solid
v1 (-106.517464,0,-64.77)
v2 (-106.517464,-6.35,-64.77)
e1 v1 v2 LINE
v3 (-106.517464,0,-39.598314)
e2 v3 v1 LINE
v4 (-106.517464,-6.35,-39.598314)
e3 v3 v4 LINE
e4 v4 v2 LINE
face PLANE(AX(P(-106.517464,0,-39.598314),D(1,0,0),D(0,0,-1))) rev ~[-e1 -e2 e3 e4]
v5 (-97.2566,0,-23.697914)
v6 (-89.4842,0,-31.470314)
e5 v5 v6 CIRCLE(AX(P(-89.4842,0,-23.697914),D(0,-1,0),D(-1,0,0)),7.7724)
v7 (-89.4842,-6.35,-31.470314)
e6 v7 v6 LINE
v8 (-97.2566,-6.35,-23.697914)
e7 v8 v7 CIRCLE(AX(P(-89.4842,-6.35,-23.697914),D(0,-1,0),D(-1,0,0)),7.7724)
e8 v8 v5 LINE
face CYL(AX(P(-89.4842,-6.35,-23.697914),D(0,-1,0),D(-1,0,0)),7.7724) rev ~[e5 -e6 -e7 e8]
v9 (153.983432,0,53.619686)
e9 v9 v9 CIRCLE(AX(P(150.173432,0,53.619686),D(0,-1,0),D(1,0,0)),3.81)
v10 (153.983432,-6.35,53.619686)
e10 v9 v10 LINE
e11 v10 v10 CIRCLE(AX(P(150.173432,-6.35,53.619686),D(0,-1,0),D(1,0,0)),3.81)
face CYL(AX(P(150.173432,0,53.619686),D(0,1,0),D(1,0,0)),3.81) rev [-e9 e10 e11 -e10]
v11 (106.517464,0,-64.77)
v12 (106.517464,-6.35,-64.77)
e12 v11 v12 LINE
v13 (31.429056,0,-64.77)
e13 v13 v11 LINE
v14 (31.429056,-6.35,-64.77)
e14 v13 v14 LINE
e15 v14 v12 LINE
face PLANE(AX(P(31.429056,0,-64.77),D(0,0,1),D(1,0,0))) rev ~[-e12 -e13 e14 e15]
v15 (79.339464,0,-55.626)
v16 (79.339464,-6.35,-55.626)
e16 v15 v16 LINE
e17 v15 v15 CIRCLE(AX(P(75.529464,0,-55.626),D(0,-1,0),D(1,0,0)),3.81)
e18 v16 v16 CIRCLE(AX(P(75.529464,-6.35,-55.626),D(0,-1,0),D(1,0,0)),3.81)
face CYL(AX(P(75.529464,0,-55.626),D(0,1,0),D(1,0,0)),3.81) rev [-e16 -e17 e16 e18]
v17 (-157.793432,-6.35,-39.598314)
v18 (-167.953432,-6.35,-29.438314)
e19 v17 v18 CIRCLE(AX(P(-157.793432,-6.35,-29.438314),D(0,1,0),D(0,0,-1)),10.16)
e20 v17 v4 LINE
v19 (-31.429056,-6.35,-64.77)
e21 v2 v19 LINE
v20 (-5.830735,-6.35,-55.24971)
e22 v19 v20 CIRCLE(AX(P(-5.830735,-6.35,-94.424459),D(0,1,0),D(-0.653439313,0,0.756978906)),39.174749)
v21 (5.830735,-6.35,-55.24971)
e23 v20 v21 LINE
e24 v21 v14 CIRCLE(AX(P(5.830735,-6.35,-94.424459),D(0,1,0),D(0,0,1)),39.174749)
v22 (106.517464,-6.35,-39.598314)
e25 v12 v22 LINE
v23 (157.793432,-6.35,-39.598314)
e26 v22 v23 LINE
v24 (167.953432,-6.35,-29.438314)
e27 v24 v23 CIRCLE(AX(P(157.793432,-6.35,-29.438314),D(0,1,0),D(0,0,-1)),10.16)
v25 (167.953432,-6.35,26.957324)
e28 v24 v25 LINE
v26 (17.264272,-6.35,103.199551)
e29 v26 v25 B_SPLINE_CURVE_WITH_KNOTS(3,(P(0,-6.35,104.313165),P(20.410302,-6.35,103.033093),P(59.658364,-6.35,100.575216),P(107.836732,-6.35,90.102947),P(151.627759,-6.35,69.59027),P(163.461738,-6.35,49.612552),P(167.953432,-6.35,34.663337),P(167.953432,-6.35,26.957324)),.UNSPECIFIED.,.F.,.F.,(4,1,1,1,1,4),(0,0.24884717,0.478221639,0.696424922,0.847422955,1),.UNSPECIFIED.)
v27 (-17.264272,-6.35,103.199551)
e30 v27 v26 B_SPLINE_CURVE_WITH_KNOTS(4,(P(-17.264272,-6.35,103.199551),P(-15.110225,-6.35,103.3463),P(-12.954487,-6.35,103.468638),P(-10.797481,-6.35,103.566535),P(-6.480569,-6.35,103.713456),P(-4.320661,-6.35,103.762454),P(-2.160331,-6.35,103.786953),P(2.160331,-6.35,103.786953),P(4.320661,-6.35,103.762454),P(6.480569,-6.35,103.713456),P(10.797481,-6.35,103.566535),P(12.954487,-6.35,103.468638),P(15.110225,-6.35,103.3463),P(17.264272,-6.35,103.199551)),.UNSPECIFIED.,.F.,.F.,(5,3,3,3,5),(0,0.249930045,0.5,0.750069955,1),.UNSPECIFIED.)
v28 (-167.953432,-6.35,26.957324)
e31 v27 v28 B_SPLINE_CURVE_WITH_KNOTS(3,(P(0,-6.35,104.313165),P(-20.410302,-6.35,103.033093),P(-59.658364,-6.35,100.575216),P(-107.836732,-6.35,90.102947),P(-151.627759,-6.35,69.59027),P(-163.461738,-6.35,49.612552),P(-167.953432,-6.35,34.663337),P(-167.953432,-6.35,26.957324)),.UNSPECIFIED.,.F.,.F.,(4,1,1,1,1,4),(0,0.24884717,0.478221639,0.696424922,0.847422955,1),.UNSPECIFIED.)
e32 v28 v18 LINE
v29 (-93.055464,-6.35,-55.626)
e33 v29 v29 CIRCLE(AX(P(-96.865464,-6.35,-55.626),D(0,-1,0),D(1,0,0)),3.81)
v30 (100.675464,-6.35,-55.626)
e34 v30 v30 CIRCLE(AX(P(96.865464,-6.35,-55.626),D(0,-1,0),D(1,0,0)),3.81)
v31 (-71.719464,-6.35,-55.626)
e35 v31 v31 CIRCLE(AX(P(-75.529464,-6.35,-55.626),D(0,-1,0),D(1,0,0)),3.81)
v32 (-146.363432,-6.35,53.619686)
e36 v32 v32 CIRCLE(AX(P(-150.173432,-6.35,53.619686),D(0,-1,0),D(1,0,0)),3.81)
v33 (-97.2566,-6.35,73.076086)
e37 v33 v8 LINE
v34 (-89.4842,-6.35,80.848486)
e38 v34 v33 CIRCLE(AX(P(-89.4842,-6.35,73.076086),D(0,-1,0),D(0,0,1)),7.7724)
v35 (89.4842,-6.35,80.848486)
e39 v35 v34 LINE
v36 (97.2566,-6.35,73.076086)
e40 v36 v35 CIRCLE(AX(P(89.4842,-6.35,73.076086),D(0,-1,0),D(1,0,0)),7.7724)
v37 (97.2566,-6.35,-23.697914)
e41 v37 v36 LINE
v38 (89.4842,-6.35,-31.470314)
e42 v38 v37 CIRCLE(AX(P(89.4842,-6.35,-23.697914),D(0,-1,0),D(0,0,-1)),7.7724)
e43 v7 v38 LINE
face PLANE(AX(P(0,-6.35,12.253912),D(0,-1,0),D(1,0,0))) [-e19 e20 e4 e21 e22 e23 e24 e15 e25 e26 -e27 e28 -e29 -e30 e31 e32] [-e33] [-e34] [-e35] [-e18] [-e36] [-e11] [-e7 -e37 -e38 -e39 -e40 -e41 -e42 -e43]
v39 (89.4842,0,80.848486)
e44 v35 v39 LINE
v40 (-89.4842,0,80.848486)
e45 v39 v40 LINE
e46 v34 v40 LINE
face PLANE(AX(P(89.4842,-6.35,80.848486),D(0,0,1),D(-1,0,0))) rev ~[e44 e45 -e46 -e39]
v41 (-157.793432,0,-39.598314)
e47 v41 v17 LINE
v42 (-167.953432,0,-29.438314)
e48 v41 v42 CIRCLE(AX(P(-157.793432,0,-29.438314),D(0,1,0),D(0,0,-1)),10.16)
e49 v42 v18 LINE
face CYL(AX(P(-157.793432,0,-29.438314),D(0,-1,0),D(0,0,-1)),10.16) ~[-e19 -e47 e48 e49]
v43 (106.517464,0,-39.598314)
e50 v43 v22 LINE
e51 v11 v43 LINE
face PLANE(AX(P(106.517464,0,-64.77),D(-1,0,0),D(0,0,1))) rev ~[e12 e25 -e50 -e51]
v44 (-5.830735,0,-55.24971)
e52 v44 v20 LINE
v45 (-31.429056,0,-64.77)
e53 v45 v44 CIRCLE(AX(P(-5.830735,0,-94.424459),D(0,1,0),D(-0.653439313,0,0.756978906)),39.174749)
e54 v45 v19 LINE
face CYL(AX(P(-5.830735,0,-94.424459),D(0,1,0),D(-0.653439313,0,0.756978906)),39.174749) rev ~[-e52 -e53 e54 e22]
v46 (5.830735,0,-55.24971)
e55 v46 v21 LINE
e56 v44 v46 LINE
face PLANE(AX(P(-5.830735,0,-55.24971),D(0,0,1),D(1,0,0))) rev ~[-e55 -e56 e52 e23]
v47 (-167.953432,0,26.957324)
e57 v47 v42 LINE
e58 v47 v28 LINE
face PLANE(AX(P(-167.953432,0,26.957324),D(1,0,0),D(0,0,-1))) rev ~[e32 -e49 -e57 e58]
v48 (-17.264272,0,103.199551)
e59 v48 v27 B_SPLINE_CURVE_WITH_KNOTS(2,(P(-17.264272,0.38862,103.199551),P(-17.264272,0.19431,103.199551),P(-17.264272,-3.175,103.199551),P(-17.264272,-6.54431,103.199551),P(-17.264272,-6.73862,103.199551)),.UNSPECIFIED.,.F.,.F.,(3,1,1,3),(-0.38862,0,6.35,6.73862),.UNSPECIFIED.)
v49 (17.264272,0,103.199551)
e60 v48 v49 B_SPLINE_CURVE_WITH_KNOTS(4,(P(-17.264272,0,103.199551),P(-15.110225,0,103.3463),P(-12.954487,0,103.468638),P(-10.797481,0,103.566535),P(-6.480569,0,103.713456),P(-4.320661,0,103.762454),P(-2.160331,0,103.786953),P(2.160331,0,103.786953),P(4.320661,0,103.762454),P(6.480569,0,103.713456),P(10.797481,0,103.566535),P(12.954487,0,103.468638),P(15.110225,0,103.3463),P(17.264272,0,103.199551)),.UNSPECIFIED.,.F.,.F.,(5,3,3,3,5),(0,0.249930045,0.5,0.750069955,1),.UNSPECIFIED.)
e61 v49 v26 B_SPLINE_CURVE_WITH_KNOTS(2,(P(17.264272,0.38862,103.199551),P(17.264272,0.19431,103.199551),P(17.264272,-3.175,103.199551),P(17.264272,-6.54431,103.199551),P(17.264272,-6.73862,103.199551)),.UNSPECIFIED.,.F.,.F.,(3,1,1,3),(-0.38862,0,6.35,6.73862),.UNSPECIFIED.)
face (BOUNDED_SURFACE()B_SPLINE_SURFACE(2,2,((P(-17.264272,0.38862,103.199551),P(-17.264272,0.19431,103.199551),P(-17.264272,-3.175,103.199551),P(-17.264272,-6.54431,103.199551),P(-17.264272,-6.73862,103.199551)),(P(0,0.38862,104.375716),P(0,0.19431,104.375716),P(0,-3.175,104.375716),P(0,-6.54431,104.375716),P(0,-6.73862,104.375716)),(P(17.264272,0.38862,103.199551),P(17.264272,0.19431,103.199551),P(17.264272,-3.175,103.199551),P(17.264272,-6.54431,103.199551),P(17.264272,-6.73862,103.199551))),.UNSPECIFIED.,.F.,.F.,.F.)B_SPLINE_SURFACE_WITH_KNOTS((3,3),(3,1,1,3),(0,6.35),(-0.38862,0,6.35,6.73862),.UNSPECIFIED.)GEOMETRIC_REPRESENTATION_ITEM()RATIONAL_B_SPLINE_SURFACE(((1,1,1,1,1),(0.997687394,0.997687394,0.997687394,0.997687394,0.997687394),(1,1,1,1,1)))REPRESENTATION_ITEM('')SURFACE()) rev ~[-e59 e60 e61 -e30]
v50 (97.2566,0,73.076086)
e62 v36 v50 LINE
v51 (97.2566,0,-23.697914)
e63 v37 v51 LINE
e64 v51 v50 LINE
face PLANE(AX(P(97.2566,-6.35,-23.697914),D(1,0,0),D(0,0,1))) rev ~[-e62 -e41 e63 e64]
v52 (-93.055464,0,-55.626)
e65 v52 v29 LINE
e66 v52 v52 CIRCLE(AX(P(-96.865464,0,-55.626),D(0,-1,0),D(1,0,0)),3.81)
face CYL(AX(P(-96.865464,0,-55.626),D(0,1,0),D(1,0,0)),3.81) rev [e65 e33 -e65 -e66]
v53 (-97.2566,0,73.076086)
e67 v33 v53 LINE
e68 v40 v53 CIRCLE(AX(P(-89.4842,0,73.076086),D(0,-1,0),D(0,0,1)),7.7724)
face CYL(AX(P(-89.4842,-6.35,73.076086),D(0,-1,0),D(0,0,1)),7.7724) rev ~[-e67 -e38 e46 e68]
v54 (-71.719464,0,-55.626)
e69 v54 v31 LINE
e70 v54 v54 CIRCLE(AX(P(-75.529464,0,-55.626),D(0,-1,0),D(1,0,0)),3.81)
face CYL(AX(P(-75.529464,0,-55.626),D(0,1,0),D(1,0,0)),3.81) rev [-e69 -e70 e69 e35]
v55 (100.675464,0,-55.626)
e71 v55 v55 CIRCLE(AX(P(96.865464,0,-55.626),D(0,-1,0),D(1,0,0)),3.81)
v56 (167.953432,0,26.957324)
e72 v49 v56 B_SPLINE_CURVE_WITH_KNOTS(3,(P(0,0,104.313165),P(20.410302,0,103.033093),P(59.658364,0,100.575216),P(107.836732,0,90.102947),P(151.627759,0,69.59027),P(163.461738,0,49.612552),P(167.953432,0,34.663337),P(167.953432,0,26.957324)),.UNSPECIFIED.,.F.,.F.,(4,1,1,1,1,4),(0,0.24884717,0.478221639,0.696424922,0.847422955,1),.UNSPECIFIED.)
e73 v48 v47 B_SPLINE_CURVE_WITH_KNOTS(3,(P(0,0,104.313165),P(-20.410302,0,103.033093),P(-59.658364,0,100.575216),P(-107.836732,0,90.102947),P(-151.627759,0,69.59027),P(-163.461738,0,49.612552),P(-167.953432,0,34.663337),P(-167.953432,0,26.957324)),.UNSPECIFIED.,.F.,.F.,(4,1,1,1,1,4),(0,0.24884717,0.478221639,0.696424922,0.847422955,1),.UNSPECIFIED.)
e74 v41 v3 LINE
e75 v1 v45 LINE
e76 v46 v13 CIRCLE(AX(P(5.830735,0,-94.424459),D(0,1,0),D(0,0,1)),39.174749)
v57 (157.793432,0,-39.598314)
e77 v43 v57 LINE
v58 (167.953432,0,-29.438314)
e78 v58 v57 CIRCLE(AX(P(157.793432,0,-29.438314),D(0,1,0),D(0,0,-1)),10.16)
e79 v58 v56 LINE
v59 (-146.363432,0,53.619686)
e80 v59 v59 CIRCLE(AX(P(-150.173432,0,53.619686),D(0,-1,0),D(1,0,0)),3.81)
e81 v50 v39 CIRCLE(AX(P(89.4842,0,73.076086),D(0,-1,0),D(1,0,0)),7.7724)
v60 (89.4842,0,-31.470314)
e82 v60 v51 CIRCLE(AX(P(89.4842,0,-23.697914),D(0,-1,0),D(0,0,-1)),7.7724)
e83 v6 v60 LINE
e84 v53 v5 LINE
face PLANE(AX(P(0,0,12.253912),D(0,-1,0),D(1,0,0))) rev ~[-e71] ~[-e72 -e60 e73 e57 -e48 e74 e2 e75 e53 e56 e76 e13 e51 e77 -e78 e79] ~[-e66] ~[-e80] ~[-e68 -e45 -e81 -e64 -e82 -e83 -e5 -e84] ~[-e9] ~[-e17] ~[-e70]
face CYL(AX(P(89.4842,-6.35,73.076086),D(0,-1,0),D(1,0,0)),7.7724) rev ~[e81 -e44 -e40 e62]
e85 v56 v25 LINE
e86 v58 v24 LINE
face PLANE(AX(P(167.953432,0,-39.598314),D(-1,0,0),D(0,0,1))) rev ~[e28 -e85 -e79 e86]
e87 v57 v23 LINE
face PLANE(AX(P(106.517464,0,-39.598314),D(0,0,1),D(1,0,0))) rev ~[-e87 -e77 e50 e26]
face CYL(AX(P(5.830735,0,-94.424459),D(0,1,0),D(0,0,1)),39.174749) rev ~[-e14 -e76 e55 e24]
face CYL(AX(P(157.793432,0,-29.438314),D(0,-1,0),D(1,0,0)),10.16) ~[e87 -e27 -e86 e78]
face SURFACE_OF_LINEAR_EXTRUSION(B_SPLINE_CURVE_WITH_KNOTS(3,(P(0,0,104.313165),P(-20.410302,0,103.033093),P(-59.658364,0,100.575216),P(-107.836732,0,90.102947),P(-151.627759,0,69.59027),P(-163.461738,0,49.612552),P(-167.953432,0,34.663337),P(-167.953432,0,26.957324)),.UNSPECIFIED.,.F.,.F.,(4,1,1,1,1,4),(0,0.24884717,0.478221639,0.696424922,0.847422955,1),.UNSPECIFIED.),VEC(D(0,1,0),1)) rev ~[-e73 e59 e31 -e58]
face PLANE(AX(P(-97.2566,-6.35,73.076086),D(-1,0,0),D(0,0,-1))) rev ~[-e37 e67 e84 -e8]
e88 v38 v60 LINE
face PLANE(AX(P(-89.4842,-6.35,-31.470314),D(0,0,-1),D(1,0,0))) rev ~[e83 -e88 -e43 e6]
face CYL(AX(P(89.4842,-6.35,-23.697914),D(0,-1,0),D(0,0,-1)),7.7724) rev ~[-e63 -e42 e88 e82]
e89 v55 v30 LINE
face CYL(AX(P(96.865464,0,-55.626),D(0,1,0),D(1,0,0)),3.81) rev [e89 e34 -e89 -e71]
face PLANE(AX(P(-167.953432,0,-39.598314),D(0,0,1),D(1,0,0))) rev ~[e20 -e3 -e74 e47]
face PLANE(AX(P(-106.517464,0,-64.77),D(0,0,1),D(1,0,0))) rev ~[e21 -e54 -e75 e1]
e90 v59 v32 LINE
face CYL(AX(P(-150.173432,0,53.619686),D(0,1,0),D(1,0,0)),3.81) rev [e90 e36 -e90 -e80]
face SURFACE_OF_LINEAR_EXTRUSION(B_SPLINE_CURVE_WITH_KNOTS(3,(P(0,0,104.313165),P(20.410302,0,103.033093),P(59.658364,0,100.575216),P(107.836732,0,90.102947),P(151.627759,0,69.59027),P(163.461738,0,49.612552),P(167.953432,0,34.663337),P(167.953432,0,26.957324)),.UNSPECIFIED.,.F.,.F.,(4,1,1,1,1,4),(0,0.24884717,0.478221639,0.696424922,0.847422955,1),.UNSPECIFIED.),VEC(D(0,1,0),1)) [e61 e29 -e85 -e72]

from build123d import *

# Parameters (mm, degrees)
F0_R     = 3.81
F1_DEPTH = 6.35
F2_R     = 10.16
F4_DEPTH = 25.4
F5_R     = 254


with BuildPart() as f1:
    # F0 (on Front) → F1 (new body)
    with BuildSketch(Plane.XZ):
        with BuildLine():
            Line((-106.5174639225, -64.77), (-31.4290560782, -64.77))
            ThreePointArc((-31.4290560782, -64.77), (-19.4864111897, -57.7068407051), (-5.8307349682, -55.249709636))
            Line((-5.8307349682, -55.249709636), (0, -55.249709636))
            Line((0, -55.249709636), (5.8307349682, -55.249709636))
            ThreePointArc((5.8307349682, -55.249709636), (19.4864111897, -57.7068407051), (31.4290560782, -64.77))
            Line((31.4290560782, -64.77), (106.5174639225, -64.77))
            Line((106.5174639225, -64.77), (106.5174639225, -39.5983140361))
            Line((106.5174639225, -39.5983140361), (167.9534316063, -39.5983140361))
            Line((167.9534316063, -39.5983140361), (167.9534316063, 26.9573238301))
            add(Edge.make_bspline(
                [(0, 104.3131649494), (20.410301584, 103.0330934585), (59.6583638346, 100.5752160198), (107.8367322286, 90.1029474639), (151.6277590611, 69.5902698618), (163.4617376042, 49.6125522636), (167.9534316063, 34.663336698), (167.9534316063, 26.9573238301)],
                knots=[0, 0, 0, 0, 0.2488471703, 0.4782216393, 0.6964249219, 0.8474229551, 1, 1, 1, 1], degree=3))
            add(Edge.make_bspline(
                [(0, 104.3131649494), (-20.410301584, 103.0330934585), (-59.6583638346, 100.5752160198), (-107.8367322286, 90.1029474639), (-151.6277590611, 69.5902698618), (-163.4617376042, 49.6125522636), (-167.9534316063, 34.663336698), (-167.9534316063, 26.9573238301)],
                knots=[0, 0, 0, 0, 0.2488471703, 0.4782216393, 0.6964249219, 0.8474229551, 1, 1, 1, 1], degree=3))
            Line((-167.9534316063, 26.9573238301), (-167.9534316063, -39.5983140361))
            Line((-167.9534316063, -39.5983140361), (-106.5174639225, -39.5983140361))
            Line((-106.5174639225, -39.5983140361), (-106.5174639225, -64.77))
        make_face()
        with Locations((-96.8654639225, -55.626)):
            Circle(F0_R, mode=Mode.SUBTRACT)
        with Locations((-75.5294639225, -55.626)):
            Circle(F0_R, mode=Mode.SUBTRACT)
        with Locations((75.5294639225, -55.626)):
            Circle(F0_R, mode=Mode.SUBTRACT)
        with Locations((96.8654639225, -55.626)):
            Circle(F0_R, mode=Mode.SUBTRACT)
        with Locations((-150.1734316063, 53.6196859639)):
            Circle(F0_R, mode=Mode.SUBTRACT)
        with Locations((150.1734316063, 53.6196859639)):
            Circle(F0_R, mode=Mode.SUBTRACT)
    extrude(amount=F1_DEPTH)

    # F2
    f2_edges = [f1.edges().sort_by_distance(p)[0] for p in [
        (167.953432, -3.175, -39.598314),
        (-167.953432, -3.175, -39.598314),
    ]]
    fillet(f2_edges, radius=F2_R)

    # F3 (on face) → F4 (cut)
    with BuildSketch(Plane.XZ.offset(6.35)):
        with BuildLine():
            ThreePointArc((-97.2566, -23.6979140361), (-94.9801167461, -29.1938307822), (-89.4842, -31.4703140361))
            Line((-89.4842, -31.4703140361), (89.4842, -31.4703140361))
            ThreePointArc((89.4842, -31.4703140361), (94.9801167461, -29.1938307822), (97.2566, -23.6979140361))
            Line((97.2566, -23.6979140361), (97.2566, 73.0760859639))
            ThreePointArc((97.2566, 73.0760859639), (94.9801167461, 78.57200271), (89.4842, 80.8484859639))
            Line((89.4842, 80.8484859639), (-89.4842, 80.8484859639))
            ThreePointArc((-89.4842, 80.8484859639), (-94.9801167461, 78.57200271), (-97.2566, 73.0760859639))
            Line((-97.2566, 73.0760859639), (-97.2566, -23.6979140361))
        make_face()
    extrude(amount=-F4_DEPTH, mode=Mode.SUBTRACT)

    # F5
    f5_edges = [f1.edges().sort_by_distance(p)[0] for p in [
        (0, -3.175, 104.313165),
    ]]
    fillet(f5_edges, radius=F5_R)


solid = f1.part
